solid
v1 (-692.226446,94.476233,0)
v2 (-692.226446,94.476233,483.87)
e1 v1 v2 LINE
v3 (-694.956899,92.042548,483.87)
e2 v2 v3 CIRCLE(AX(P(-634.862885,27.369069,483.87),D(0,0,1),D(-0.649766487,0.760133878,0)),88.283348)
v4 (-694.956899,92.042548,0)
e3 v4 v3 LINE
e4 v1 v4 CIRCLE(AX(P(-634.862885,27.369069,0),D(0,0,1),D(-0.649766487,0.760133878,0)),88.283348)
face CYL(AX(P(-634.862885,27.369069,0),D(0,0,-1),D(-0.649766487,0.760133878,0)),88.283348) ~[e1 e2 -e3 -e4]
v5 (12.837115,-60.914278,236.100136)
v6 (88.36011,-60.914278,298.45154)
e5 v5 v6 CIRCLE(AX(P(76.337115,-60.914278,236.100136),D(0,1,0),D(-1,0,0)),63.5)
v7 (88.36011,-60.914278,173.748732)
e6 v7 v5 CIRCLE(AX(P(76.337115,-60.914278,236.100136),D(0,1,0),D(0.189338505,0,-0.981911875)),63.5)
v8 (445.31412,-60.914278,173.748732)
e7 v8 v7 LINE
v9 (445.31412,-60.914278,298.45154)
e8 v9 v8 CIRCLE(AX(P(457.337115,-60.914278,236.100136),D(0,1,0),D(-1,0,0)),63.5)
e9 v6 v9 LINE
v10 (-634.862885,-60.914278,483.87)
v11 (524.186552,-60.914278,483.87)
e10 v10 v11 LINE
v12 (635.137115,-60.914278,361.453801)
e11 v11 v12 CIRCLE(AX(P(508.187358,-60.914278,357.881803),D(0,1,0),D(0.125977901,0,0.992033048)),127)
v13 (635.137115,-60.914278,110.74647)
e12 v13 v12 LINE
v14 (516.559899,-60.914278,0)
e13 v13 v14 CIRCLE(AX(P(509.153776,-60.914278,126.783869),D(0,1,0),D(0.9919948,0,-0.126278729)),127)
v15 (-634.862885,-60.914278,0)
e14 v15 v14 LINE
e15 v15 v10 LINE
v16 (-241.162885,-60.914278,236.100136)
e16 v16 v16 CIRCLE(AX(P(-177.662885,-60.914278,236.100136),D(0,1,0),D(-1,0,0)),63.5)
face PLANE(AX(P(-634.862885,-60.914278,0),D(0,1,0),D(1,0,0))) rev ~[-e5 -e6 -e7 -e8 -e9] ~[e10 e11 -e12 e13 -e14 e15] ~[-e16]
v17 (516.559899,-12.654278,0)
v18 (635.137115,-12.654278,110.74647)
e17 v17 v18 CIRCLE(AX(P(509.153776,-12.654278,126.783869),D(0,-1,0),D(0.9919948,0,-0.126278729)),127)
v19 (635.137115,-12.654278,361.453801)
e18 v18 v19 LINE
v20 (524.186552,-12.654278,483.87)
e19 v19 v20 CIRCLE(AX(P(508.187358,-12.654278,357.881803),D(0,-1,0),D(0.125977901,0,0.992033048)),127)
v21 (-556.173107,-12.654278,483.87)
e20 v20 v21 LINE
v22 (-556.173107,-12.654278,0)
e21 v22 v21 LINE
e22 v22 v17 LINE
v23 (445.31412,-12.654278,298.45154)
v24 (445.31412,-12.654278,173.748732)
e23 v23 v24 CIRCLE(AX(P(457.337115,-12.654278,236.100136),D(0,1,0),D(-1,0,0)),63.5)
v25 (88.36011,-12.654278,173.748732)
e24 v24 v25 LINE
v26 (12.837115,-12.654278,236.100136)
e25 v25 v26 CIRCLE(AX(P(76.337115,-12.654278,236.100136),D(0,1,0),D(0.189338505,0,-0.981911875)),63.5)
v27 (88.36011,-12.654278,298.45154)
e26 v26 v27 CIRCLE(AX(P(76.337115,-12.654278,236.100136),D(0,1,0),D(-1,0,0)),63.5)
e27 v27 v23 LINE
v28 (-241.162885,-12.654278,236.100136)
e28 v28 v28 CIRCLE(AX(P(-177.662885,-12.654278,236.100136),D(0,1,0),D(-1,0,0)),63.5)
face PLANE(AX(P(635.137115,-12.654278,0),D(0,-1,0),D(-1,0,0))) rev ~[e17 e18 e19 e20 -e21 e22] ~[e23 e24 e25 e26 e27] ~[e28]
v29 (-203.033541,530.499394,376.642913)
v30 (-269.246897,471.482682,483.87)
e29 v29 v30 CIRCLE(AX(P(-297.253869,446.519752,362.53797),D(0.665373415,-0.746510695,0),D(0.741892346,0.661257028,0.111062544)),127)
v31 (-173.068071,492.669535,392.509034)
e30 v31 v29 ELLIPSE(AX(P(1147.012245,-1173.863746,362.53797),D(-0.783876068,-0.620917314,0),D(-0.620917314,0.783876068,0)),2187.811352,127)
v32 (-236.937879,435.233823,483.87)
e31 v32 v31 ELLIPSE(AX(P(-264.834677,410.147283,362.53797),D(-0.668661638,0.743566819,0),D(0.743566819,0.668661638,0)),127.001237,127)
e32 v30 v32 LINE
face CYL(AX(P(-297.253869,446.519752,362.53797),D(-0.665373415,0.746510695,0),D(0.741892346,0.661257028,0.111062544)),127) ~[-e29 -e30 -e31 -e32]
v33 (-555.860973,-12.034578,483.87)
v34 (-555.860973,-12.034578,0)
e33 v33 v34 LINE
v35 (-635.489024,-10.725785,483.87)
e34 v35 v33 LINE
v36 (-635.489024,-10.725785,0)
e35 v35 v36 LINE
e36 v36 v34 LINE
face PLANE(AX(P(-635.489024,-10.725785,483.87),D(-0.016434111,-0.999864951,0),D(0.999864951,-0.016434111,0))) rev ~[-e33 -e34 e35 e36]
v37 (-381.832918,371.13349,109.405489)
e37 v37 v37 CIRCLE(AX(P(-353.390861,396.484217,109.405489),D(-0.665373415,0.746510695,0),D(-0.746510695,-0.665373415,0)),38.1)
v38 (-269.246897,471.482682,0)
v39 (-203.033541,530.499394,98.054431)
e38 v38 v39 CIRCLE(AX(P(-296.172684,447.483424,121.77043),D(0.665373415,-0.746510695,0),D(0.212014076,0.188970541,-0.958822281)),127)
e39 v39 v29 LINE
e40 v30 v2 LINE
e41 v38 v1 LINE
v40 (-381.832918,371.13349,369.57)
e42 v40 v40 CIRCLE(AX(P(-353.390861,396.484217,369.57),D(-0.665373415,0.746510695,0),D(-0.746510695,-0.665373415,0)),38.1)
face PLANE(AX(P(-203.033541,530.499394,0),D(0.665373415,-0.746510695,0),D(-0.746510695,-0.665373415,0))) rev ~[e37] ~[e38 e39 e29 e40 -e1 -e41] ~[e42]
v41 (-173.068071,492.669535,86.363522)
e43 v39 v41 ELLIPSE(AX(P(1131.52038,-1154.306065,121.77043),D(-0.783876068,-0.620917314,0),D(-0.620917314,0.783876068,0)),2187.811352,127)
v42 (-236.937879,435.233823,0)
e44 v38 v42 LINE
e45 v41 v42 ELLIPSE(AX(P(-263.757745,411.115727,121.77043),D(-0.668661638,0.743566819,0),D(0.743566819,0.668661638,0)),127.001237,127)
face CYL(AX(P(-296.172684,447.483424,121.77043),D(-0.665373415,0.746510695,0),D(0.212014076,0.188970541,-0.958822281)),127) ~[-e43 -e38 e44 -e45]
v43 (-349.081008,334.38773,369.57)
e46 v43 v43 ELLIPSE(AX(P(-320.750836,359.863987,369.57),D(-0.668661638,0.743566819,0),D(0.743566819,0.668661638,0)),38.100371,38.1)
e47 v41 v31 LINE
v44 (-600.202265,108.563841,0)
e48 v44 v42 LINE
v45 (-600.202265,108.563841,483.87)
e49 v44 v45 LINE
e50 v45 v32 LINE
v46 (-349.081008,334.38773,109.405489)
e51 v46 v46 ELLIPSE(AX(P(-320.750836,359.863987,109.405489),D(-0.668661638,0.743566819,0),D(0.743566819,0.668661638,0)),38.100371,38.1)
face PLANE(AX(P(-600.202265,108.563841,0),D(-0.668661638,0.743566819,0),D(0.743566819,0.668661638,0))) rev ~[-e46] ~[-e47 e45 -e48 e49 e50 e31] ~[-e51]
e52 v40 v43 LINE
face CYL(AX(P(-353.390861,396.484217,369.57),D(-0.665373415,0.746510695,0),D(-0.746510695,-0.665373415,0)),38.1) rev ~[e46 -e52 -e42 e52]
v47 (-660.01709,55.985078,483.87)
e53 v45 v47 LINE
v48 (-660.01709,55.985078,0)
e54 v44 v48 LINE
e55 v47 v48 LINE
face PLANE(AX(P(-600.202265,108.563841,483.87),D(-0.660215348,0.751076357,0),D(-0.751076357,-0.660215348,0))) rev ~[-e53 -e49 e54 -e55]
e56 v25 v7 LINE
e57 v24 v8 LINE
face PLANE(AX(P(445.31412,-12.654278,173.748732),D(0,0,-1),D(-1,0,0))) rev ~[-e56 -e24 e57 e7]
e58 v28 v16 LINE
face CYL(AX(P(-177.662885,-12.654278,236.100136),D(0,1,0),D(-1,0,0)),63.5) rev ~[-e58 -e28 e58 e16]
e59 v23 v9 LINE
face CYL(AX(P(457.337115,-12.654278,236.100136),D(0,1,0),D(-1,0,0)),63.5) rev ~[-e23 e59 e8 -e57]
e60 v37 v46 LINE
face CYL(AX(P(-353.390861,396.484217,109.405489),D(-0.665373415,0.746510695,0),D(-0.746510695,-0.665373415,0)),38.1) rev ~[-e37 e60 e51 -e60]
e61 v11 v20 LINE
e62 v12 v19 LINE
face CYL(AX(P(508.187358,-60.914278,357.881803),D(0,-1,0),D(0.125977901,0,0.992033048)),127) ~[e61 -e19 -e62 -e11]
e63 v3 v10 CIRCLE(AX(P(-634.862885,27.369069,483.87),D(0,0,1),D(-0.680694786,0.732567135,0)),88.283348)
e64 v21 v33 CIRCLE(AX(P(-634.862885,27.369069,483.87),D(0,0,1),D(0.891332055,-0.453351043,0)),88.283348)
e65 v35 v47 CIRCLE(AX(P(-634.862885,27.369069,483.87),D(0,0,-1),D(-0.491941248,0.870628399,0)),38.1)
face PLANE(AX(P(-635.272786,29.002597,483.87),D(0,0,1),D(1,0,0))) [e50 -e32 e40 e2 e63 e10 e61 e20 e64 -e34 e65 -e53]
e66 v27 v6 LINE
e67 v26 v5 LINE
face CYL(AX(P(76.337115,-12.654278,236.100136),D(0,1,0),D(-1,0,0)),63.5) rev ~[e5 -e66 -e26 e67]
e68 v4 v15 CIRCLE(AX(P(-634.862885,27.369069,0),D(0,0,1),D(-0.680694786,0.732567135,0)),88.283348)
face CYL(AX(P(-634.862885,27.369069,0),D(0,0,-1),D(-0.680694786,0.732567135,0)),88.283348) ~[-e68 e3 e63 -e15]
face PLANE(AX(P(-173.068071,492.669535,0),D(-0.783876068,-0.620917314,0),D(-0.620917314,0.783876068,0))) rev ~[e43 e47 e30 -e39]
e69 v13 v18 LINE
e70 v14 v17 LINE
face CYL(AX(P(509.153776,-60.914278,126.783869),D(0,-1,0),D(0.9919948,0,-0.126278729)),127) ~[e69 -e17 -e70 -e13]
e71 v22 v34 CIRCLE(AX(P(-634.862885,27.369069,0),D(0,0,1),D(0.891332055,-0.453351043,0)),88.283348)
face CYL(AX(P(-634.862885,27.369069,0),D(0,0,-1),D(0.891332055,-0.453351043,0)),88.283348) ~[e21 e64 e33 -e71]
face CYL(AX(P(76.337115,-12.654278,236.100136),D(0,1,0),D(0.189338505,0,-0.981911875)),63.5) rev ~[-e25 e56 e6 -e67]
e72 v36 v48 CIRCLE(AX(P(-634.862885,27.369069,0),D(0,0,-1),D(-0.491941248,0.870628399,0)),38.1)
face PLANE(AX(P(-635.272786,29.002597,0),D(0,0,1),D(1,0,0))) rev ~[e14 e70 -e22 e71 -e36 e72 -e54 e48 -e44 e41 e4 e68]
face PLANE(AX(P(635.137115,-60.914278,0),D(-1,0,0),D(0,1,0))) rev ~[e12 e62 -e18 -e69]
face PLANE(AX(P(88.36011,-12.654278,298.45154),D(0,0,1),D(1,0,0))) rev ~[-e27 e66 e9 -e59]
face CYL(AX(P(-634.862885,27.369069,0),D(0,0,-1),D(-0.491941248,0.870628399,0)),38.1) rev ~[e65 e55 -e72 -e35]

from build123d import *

# Parameters (mm, degrees)
F1_DEPTH  = 483.87
F2_DEPTH  = 483.87
F4_DEPTH  = 50.8
F6_DEPTH  = 50.8
F7_R      = 38.1
F8_DEPTH  = 50.8
F9_R      = 63.5
F10_DEPTH = 76.2
F12_DEPTH = 635


with BuildPart() as f1:
    # F0 (on Top) → F1 (new body)
    with BuildSketch(Plane.XY):
        with BuildLine():
            Line((-634.862884804, -60.9142784472), (-634.862884804, -12.6542784472))
            Line((-634.862884804, -12.6542784472), (-556.1731070353, -12.6542784472))
            ThreePointArc((-556.1731070353, -12.6542784472), (-549.0114244021, 6.7905310299), (-546.5795370493, 27.3690693075))
            ThreePointArc((-546.5795370493, 27.3690693075), (-561.1950321028, 76.0208623801), (-600.2022649901, 108.5638408442))
            ThreePointArc((-600.2022649901, 108.5638408442), (-637.9975803191, 115.5967473616), (-675.1984709822, 105.8992544496))
            Line((-675.1984709822, 105.8992544496), (-694.956899354, 92.0425484629))
            ThreePointArc((-694.956899354, 92.0425484629), (-717.0320418569, -4.9137298277), (-634.862884804, -60.9142784472))
        make_face()
        with BuildLine():
            ThreePointArc((-596.762884804, 27.3690693075), (-654.0657903767, -5.5377448435), (-653.6058463562, 60.5400112937))
            ThreePointArc((-653.6058463562, 60.5400112937), (-615.6599792314, 60.2758834585), (-596.762884804, 27.3690693075))
        make_face(mode=Mode.SUBTRACT)
        with BuildLine():
            Line((-556.1731070353, -12.6542784472), (-634.862884804, -12.6542784472))
            Line((-634.862884804, -12.6542784472), (-634.862884804, -60.9142784472))
            ThreePointArc((-634.862884804, -60.9142784472), (-588.7079589421, -47.8883044805), (-556.1731070353, -12.6542784472))
        make_face()
        with BuildLine():
            Line((635.137115196, -12.6542784472), (-556.1731070353, -12.6542784472))
            ThreePointArc((-556.1731070353, -12.6542784472), (-588.7079589421, -47.8883044805), (-634.862884804, -60.9142784472))
            Line((-634.862884804, -60.9142784472), (635.137115196, -60.9142784472))
            Line((635.137115196, -60.9142784472), (635.137115196, -12.6542784472))
        make_face()
        with BuildLine():
            Line((-692.2264455581, 94.4762327731), (-694.956899354, 92.0425484629))
            Line((-694.956899354, 92.0425484629), (-675.1984709822, 105.8992544496))
            ThreePointArc((-675.1984709822, 105.8992544496), (-684.0452209002, 100.6837834303), (-692.2264455581, 94.4762327731))
        make_face()
        with BuildLine():
            ThreePointArc((-692.2264455581, 94.4762327731), (-693.6042773982, 93.273532638), (-694.956899354, 92.0425484629))
            Line((-694.956899354, 92.0425484629), (-692.2264455581, 94.4762327731))
        make_face()
        with BuildLine():
            ThreePointArc((-675.1984709822, 105.8992544496), (-637.9975803191, 115.5967473616), (-600.2022649901, 108.5638408442))
            Line((-600.2022649901, 108.5638408442), (-173.0680713738, 492.6695353448))
            Line((-173.0680713738, 492.6695353448), (-203.0335409277, 530.4993943773))
            Line((-203.0335409277, 530.4993943773), (-692.2264455581, 94.4762327731))
            ThreePointArc((-692.2264455581, 94.4762327731), (-684.0452209002, 100.6837834303), (-675.1984709822, 105.8992544496))
        make_face()
    extrude(amount=F1_DEPTH)

    # F0 (on Top) → F2 (join)
    with BuildSketch(Plane.XY):
        with BuildLine():
            Line((-634.862884804, -60.9142784472), (-634.862884804, -12.6542784472))
            Line((-634.862884804, -12.6542784472), (-556.1731070353, -12.6542784472))
            ThreePointArc((-556.1731070353, -12.6542784472), (-549.0114244021, 6.7905310299), (-546.5795370493, 27.3690693075))
            ThreePointArc((-546.5795370493, 27.3690693075), (-561.1950321028, 76.0208623801), (-600.2022649901, 108.5638408442))
            ThreePointArc((-600.2022649901, 108.5638408442), (-637.9975803191, 115.5967473616), (-675.1984709822, 105.8992544496))
            Line((-675.1984709822, 105.8992544496), (-694.956899354, 92.0425484629))
            ThreePointArc((-694.956899354, 92.0425484629), (-717.0320418569, -4.9137298277), (-634.862884804, -60.9142784472))
        make_face()
        with BuildLine():
            ThreePointArc((-596.762884804, 27.3690693075), (-654.0657903767, -5.5377448435), (-653.6058463562, 60.5400112937))
            ThreePointArc((-653.6058463562, 60.5400112937), (-615.6599792314, 60.2758834585), (-596.762884804, 27.3690693075))
        make_face(mode=Mode.SUBTRACT)
        with BuildLine():
            Line((-556.1731070353, -12.6542784472), (-634.862884804, -12.6542784472))
            Line((-634.862884804, -12.6542784472), (-634.862884804, -60.9142784472))
            ThreePointArc((-634.862884804, -60.9142784472), (-588.7079589421, -47.8883044805), (-556.1731070353, -12.6542784472))
        make_face()
        with BuildLine():
            Line((635.137115196, -12.6542784472), (-556.1731070353, -12.6542784472))
            ThreePointArc((-556.1731070353, -12.6542784472), (-588.7079589421, -47.8883044805), (-634.862884804, -60.9142784472))
            Line((-634.862884804, -60.9142784472), (635.137115196, -60.9142784472))
            Line((635.137115196, -60.9142784472), (635.137115196, -12.6542784472))
        make_face()
        with BuildLine():
            Line((-692.2264455581, 94.4762327731), (-694.956899354, 92.0425484629))
            Line((-694.956899354, 92.0425484629), (-675.1984709822, 105.8992544496))
            ThreePointArc((-675.1984709822, 105.8992544496), (-684.0452209002, 100.6837834303), (-692.2264455581, 94.4762327731))
        make_face()
        with BuildLine():
            ThreePointArc((-692.2264455581, 94.4762327731), (-693.6042773982, 93.273532638), (-694.956899354, 92.0425484629))
            Line((-694.956899354, 92.0425484629), (-692.2264455581, 94.4762327731))
        make_face()
        with BuildLine():
            ThreePointArc((-675.1984709822, 105.8992544496), (-637.9975803191, 115.5967473616), (-600.2022649901, 108.5638408442))
            Line((-600.2022649901, 108.5638408442), (-173.0680713738, 492.6695353448))
            Line((-173.0680713738, 492.6695353448), (-203.0335409277, 530.4993943773))
            Line((-203.0335409277, 530.4993943773), (-692.2264455581, 94.4762327731))
            ThreePointArc((-692.2264455581, 94.4762327731), (-684.0452209002, 100.6837834303), (-675.1984709822, 105.8992544496))
        make_face()
    extrude(amount=F2_DEPTH)

    # F3 (on face) → F4 (cut)
    with BuildSketch(Plane(origin=(-353.3908608831, 396.4842167311, 0), x_dir=(-0.7465106955, -0.6653734151, 0), z_dir=(-0.6653734151, 0.7465106955, 0))):
        with BuildLine():
            ThreePointArc((-112.7163544297, 0), (-170.8315172722, 36.574359485), (-201.4134839174, 98.0544313788))
            Line((-201.4134839174, 98.0544313788), (-201.4134839174, 0))
            Line((-201.4134839174, 0), (-112.7163544297, 0))
        make_face()
        with BuildLine():
            Line((-201.4134839174, 483.87), (-201.4134839174, 376.6429126263))
            ThreePointArc((-201.4134839174, 376.6429126263), (-173.0583201372, 443.4860309567), (-112.7163544297, 483.87))
            Line((-112.7163544297, 483.87), (-201.4134839174, 483.87))
        make_face()
    extrude(amount=-F4_DEPTH, mode=Mode.SUBTRACT)

    # F5 (on face) → F6 (cut)
    with BuildSketch(Plane.XZ.offset(60.9142784472)):
        with BuildLine():
            Line((635.137115196, 0), (635.137115196, 110.7464699671))
            ThreePointArc((635.137115196, 110.7464699671), (595.8393127678, 33.9689040087), (516.5598988533, 0))
            Line((516.5598988533, 0), (635.137115196, 0))
        make_face()
        with BuildLine():
            ThreePointArc((524.1865515709, 483.87), (602.2885378872, 443.1693633222), (635.137115196, 361.4538013935))
            Line((635.137115196, 361.4538013935), (635.137115196, 483.87))
            Line((635.137115196, 483.87), (524.1865515709, 483.87))
        make_face()
    extrude(amount=-F6_DEPTH, mode=Mode.SUBTRACT)

    # F7 (on face) → F8 (cut)
    with BuildSketch(Plane(origin=(-353.3908608831, 396.4842167311, 0), x_dir=(-0.7465106955, -0.6653734151, 0), z_dir=(-0.6653734151, 0.7465106955, 0))):
        with Locations((0, 369.57)):
            Circle(F7_R)
        with Locations((0, 109.4054887733)):
            Circle(F7_R)
    extrude(amount=-F8_DEPTH, mode=Mode.SUBTRACT)

    # F9 (on face) → F10 (cut)
    with BuildSketch(Plane(origin=(0, -12.6542784472, 0), x_dir=(-1, 0, 0), z_dir=(0, 1, 0))):
        with BuildLine():
            Line((-76.337115196, 173.7487316132), (-76.337115196, 298.4515397475))
            Line((-76.337115196, 298.4515397475), (-88.3601102827, 298.4515397475))
            ThreePointArc((-88.3601102827, 298.4515397475), (-139.837115196, 236.1001356803), (-88.3601102827, 173.7487316132))
            Line((-88.3601102827, 173.7487316132), (-76.337115196, 173.7487316132))
        make_face()
        with BuildLine():
            Line((-88.3601102827, 298.4515397475), (-76.337115196, 298.4515397475))
            Line((-76.337115196, 298.4515397475), (-76.337115196, 173.7487316132))
            Line((-76.337115196, 173.7487316132), (-88.3601102827, 173.7487316132))
            ThreePointArc((-88.3601102827, 173.7487316132), (-35.9094649304, 187.1322370731), (-12.837115196, 236.1001356803))
            ThreePointArc((-12.837115196, 236.1001356803), (-35.9094649304, 285.0680342875), (-88.3601102827, 298.4515397475))
        make_face()
        with BuildLine():
            Line((-457.337115196, 298.4515397475), (-445.3141201093, 298.4515397475))
            ThreePointArc((-445.3141201093, 298.4515397475), (-520.837115196, 236.1001356803), (-445.3141201093, 173.7487316132))
            Line((-445.3141201093, 173.7487316132), (-457.337115196, 173.7487316132))
            Line((-457.337115196, 173.7487316132), (-457.337115196, 298.4515397475))
        make_face()
        with BuildLine():
            ThreePointArc((-393.837115196, 236.1001356803), (-408.3692165888, 276.5277859459), (-445.3141201093, 298.4515397475))
            Line((-445.3141201093, 298.4515397475), (-457.337115196, 298.4515397475))
            Line((-457.337115196, 298.4515397475), (-457.337115196, 173.7487316132))
            Line((-457.337115196, 173.7487316132), (-445.3141201093, 173.7487316132))
            ThreePointArc((-445.3141201093, 173.7487316132), (-408.3692165888, 195.6724854147), (-393.837115196, 236.1001356803))
        make_face()
        with BuildLine():
            ThreePointArc((-88.3601102827, 173.7487316132), (-139.837115196, 236.1001356803), (-88.3601102827, 298.4515397475))
            Line((-88.3601102827, 298.4515397475), (-445.3141201093, 298.4515397475))
            ThreePointArc((-445.3141201093, 298.4515397475), (-408.3692165888, 276.5277859459), (-393.837115196, 236.1001356803))
            ThreePointArc((-393.837115196, 236.1001356803), (-408.3692165888, 195.6724854147), (-445.3141201093, 173.7487316132))
            Line((-445.3141201093, 173.7487316132), (-88.3601102827, 173.7487316132))
        make_face()
        with Locations((177.662884804, 236.1001356803)):
            Circle(F9_R)
    extrude(amount=-F10_DEPTH, mode=Mode.SUBTRACT)

    # F11 (on face) → F12 (cut)
    with BuildSketch(Plane.XY.offset(483.87)):
        Polygon((-518.1578993797, 89.6325483918), (-600.2022649901, 108.5638408442), (-660.0170895818, 55.9850784981), (-635.4890244176, -10.7257853212), (-518.1578993797, -12.6542784472), align=None)
    extrude(amount=-F12_DEPTH, mode=Mode.SUBTRACT)


solid = f1.part
